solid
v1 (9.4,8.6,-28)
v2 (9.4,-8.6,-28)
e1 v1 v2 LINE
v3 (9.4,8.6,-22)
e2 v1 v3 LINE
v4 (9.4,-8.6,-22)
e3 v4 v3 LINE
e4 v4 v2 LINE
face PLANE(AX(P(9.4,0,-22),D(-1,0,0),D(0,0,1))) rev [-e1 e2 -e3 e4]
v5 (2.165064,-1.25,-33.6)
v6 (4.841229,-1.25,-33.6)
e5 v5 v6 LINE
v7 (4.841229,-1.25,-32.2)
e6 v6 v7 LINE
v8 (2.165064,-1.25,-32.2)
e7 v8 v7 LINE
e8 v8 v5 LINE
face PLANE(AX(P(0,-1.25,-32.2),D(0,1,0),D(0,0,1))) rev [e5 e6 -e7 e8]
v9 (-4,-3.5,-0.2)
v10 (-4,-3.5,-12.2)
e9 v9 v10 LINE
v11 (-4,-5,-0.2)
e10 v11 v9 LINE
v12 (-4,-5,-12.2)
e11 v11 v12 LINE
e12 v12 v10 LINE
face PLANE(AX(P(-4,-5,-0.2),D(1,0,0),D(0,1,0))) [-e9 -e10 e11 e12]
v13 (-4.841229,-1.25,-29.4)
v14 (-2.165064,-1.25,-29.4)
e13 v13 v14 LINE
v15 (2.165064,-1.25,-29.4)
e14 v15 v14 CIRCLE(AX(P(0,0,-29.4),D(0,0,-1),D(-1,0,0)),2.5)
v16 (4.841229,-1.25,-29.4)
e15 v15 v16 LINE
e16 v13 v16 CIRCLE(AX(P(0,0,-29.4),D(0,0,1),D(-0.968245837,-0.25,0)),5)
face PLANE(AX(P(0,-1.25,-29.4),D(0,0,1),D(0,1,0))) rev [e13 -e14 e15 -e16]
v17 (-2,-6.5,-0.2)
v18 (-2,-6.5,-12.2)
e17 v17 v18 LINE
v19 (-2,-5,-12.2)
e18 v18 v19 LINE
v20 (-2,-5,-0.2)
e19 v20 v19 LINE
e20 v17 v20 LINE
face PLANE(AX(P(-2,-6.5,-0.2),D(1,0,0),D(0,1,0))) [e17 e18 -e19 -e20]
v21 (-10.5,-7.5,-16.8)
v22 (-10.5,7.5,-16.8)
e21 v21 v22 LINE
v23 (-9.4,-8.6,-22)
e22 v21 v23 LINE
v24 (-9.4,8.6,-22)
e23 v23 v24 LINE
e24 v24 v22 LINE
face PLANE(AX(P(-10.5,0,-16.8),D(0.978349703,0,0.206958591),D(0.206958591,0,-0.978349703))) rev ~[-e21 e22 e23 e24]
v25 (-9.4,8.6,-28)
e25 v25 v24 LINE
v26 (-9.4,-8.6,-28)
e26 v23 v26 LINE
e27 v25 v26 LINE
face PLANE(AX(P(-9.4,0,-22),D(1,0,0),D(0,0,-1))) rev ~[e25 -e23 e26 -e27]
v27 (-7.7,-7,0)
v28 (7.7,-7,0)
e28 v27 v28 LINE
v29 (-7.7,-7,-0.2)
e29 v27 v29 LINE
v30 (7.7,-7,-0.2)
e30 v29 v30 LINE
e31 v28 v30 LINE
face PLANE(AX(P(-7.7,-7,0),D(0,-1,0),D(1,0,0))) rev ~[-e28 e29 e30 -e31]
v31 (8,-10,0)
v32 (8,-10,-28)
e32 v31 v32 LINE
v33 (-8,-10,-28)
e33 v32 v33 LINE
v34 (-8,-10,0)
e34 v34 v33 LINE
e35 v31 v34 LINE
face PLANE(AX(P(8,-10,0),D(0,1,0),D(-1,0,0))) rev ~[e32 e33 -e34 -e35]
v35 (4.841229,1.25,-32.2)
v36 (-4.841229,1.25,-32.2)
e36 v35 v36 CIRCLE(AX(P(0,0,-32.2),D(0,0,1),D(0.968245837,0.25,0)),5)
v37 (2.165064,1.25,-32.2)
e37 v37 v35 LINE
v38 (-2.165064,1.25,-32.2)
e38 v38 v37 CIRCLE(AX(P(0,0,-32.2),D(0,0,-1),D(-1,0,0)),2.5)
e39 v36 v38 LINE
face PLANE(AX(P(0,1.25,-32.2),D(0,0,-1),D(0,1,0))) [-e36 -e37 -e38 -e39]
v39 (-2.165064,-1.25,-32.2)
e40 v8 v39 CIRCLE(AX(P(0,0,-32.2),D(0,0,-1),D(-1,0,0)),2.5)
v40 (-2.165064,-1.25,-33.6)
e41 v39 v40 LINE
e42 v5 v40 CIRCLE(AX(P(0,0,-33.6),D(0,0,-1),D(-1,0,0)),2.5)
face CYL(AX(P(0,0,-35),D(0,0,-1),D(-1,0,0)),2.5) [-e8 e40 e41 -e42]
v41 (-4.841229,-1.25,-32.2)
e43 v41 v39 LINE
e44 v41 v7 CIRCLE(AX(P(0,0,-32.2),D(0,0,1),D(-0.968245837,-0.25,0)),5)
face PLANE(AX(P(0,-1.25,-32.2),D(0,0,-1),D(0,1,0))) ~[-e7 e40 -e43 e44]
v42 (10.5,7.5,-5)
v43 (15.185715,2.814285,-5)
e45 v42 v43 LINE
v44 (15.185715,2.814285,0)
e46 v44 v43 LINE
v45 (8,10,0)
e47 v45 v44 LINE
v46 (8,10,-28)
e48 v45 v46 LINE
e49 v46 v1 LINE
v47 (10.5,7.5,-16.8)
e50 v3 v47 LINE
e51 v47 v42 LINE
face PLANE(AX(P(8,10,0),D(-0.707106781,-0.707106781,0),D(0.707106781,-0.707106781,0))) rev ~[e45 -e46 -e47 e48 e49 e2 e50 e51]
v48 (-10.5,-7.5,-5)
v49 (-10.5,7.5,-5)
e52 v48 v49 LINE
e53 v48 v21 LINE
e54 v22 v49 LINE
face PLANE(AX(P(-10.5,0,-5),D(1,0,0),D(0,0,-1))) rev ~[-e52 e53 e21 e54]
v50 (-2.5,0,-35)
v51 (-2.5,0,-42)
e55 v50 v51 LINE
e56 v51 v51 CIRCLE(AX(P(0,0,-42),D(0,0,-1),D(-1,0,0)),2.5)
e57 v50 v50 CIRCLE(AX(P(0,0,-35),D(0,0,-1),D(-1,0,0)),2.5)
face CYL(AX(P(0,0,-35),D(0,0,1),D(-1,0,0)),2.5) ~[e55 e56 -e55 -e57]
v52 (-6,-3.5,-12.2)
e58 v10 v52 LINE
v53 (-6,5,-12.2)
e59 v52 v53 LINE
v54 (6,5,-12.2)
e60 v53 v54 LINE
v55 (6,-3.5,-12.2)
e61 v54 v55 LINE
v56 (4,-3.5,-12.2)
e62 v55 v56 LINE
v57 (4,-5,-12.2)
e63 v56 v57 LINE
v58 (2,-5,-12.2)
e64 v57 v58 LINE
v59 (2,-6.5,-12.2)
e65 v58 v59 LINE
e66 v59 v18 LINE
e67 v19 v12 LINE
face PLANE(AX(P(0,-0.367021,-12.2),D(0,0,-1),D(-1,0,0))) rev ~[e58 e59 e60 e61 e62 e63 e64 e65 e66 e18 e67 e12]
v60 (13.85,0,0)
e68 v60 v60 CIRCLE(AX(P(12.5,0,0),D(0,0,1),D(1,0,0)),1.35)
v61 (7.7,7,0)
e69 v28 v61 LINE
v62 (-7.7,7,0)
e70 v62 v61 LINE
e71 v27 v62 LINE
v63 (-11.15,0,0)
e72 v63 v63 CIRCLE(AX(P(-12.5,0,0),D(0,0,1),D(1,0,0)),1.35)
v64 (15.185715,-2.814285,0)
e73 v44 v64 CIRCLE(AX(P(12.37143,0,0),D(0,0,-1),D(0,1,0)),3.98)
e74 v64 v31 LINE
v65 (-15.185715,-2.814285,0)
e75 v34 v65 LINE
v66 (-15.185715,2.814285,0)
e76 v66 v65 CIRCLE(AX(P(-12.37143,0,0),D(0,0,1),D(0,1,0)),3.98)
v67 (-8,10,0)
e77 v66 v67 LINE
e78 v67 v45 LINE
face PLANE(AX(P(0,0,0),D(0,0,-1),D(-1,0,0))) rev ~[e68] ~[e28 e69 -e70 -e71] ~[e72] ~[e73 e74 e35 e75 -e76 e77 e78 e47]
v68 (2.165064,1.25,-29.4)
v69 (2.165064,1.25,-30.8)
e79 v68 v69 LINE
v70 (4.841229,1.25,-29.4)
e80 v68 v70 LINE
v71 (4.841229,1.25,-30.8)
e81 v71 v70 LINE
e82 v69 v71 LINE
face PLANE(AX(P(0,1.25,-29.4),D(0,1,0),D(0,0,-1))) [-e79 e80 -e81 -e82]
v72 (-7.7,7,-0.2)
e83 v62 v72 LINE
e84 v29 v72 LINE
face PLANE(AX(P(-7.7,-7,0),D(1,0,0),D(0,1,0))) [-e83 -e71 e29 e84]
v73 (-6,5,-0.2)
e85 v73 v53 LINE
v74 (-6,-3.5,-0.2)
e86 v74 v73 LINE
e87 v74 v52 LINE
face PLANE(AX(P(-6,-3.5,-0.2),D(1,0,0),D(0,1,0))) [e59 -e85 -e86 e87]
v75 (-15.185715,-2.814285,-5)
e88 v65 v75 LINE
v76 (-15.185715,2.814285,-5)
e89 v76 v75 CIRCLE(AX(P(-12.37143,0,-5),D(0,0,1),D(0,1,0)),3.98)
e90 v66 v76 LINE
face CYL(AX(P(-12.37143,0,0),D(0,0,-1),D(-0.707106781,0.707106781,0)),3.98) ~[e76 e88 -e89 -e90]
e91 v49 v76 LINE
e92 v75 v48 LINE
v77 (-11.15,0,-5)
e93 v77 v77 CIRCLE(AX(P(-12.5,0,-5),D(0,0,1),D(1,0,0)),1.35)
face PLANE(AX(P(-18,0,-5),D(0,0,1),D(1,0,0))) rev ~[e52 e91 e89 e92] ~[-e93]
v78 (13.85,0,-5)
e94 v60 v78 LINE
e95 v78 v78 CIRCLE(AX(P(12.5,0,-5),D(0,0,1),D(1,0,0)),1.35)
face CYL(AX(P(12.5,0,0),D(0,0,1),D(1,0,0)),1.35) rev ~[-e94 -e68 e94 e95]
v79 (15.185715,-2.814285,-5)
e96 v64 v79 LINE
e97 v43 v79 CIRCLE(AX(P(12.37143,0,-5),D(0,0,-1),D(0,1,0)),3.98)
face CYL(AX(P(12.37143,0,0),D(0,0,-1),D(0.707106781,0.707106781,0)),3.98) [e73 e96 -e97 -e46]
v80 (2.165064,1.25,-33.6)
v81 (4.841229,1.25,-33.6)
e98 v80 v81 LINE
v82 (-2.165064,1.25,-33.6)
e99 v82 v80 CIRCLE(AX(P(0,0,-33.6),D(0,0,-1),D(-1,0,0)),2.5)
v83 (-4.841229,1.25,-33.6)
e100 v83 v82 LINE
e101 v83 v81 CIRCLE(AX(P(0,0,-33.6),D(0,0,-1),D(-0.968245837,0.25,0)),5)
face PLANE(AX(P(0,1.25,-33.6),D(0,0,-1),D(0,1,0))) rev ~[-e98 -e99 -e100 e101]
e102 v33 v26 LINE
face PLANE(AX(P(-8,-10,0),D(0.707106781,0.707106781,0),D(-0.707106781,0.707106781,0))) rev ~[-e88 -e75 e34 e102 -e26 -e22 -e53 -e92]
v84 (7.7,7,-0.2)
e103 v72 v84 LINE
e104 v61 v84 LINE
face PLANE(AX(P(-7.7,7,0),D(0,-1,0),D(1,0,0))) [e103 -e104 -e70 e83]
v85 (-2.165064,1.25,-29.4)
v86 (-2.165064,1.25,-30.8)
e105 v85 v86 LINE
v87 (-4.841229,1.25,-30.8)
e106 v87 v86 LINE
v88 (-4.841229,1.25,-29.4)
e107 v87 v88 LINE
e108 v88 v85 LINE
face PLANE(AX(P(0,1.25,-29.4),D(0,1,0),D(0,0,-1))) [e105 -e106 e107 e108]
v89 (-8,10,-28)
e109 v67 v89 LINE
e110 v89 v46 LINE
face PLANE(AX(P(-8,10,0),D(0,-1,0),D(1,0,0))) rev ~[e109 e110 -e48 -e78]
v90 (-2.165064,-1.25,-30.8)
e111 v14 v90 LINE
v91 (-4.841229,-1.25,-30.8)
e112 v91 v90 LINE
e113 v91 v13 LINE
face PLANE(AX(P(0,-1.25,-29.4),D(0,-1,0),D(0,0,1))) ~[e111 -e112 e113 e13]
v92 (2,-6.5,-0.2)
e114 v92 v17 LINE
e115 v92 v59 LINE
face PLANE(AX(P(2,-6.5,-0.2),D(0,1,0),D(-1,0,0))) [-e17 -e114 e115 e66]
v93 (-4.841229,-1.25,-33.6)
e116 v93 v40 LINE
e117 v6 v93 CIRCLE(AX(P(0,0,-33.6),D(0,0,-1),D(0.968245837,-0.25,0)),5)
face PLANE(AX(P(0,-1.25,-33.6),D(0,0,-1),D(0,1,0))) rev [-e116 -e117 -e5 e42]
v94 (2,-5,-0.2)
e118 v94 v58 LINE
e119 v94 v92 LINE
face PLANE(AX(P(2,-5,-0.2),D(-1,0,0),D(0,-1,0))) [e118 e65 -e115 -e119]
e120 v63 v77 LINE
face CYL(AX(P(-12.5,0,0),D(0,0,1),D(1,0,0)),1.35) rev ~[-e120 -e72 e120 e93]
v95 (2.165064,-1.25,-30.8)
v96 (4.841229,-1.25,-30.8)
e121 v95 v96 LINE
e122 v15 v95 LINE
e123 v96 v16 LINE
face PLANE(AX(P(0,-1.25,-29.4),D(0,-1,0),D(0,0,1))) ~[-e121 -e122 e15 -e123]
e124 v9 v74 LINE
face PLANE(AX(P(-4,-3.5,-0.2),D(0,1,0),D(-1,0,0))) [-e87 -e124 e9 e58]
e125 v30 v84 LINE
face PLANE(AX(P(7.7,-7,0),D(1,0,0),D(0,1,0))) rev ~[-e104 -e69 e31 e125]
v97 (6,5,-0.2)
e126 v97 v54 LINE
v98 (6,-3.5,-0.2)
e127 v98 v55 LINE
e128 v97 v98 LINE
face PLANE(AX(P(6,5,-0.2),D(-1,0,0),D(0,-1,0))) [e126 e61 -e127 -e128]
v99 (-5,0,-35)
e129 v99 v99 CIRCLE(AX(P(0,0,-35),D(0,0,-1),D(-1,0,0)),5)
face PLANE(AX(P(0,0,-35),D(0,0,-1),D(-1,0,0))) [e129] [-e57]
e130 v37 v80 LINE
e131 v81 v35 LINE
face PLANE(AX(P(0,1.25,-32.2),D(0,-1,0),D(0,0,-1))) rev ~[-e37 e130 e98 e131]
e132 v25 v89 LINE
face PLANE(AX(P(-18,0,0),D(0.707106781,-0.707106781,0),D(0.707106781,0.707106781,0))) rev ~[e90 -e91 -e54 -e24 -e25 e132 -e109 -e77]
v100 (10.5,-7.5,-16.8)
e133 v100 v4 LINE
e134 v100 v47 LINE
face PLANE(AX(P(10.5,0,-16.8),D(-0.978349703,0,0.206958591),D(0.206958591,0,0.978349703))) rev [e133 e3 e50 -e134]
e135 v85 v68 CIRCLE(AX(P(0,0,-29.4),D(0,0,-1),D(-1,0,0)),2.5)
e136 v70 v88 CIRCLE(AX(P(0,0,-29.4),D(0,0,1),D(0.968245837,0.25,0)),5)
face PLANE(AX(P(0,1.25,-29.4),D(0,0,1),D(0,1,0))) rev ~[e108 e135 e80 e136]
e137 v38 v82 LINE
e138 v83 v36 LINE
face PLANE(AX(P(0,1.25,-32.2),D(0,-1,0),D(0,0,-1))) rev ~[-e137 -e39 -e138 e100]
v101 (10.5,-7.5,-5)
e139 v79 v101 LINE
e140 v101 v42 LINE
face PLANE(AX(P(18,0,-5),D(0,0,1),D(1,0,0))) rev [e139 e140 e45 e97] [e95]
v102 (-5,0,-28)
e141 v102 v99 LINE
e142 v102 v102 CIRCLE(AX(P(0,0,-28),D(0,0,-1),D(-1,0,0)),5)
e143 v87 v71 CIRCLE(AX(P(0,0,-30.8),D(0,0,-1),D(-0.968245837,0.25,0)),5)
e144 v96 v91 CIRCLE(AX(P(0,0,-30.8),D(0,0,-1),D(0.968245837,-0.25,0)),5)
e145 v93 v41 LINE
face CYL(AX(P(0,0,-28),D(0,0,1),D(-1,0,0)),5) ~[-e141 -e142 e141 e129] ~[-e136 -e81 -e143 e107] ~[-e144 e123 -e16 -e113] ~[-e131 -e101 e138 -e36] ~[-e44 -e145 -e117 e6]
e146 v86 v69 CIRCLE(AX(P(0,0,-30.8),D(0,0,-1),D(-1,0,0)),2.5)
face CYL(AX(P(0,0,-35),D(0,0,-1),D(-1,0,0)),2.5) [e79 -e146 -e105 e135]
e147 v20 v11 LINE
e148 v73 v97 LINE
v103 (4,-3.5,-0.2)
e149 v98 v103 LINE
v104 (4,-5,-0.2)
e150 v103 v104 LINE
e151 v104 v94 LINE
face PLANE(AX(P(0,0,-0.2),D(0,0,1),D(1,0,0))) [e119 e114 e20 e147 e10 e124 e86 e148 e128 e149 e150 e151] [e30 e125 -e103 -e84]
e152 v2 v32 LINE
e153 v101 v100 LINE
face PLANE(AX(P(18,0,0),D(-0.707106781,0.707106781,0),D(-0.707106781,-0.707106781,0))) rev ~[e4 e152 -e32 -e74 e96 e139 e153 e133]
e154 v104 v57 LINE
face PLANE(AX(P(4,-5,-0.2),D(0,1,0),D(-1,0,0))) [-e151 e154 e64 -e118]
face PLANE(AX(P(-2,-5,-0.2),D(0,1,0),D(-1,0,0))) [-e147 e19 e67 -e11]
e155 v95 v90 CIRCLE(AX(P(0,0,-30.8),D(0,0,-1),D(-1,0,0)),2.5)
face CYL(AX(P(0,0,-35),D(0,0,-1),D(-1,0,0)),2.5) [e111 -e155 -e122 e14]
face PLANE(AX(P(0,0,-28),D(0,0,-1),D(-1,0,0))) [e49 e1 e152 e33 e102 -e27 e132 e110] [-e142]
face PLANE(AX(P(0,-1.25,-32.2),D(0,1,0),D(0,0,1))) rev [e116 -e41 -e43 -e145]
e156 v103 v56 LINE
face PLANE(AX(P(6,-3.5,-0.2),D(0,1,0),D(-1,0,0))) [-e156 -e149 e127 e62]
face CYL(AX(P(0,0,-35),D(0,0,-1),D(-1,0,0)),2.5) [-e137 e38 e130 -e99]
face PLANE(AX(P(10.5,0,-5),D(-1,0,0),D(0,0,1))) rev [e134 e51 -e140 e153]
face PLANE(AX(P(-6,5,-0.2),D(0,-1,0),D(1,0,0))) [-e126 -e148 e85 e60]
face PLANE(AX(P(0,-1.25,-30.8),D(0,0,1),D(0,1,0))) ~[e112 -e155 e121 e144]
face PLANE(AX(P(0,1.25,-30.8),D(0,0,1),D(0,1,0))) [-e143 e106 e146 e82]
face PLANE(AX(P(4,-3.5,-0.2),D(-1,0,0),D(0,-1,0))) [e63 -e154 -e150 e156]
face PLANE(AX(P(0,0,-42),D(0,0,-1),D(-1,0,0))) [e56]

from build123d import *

# Parameters (mm, degrees)
BOSS_EXTRUDE1_DEPTH      = 28
CUT_EXTRUDE1_DEPTH       = 11
CUT_EXTRUDE2_REACH       = 30
SKETCH3_R                = 1.35
FILLET1_R                = 3.98
SKETCH4_R                = 5
BOSS_EXTRUDE2_DEPTH      = 7
SKETCH6_W                = 1.4
SKETCH6_H                = 3.75
CUT_EXTRUDE3_DEPTH       = 17.351430022
SKETCH5_R                = 2.5
BOSS_EXTRUDE3_DEPTH      = 7
BOSS_EXTRUDE3_DEPTH_BACK = 7
SKETCH7_W                = 15.4
SKETCH7_H                = 14
CUT_EXTRUDE4_DEPTH       = 0.2
CUT_EXTRUDE5_DEPTH       = 12


with BuildPart() as part:
    # Sketch1 → Boss-Extrude1 (new body)
    with BuildSketch(Plane.XY):
        Polygon((8, 10), (18, 0), (8, -10), (-8, -10), (-18, 0), (-8, 10), align=None)
    extrude(amount=-BOSS_EXTRUDE1_DEPTH)

    # Sketch2 → Cut-Extrude1 (cut, symmetric)
    with BuildSketch(Plane(origin=(0, 0, 0), x_dir=(1, 0, 0), z_dir=(0, 1, 0))):
        Polygon((-18, 5), (-10.5, 5), (-10.5, 16.8), (-9.4, 22), (-9.4, 28), (-18, 28), align=None)
    cut_extrude1 = extrude(amount=CUT_EXTRUDE1_DEPTH, both=True, mode=Mode.SUBTRACT)

    # Mirror1: Cut-Extrude1 across plane
    add(cut_extrude1.mirror(Plane(origin=(0, 0, 0), x_dir=(0, 0, 1), z_dir=(1, 0, 0))), mode=Mode.SUBTRACT)

    # Sketch3 → Cut-Extrude2 (cut, up to next)
    with BuildSketch(Plane.XY, mode=Mode.PRIVATE) as cut_extrude2_sk1:
        with Locations((-12.5, 0)):
            Circle(SKETCH3_R)
    cut_extrude2_tool1 = extrude(cut_extrude2_sk1.sketch, amount=-CUT_EXTRUDE2_REACH, mode=Mode.PRIVATE) & part.part
    add(cut_extrude2_tool1.solids().sort_by_distance((-12.5, 0, 0))[0], mode=Mode.SUBTRACT)
    # Sketch3 → Cut-Extrude2 (cut, up to next)
    with BuildSketch(Plane.XY, mode=Mode.PRIVATE) as cut_extrude2_sk2:
        with Locations((12.5, 0)):
            Circle(SKETCH3_R)
    cut_extrude2_tool2 = extrude(cut_extrude2_sk2.sketch, amount=-CUT_EXTRUDE2_REACH, mode=Mode.PRIVATE) & part.part
    add(cut_extrude2_tool2.solids().sort_by_distance((12.5, 0, 0))[0], mode=Mode.SUBTRACT)

    # Fillet1
    fillet1_edges = [part.edges().sort_by_distance(p)[0] for p in [
        (-18, 0, -2.5),
        (18, 0, -2.5),
    ]]
    fillet(fillet1_edges, radius=FILLET1_R)

    # Sketch4 → Boss-Extrude2 (add)
    with BuildSketch(Plane(origin=(0, 0, -28), x_dir=(-1, 0, 0), z_dir=(0, 0, -1))):
        Circle(SKETCH4_R)
    extrude(amount=BOSS_EXTRUDE2_DEPTH)

    # Sketch6 → Cut-Extrude3 (cut, symmetric)
    with BuildSketch(Plane(origin=(0, 0, 0), x_dir=(0, 0, -1), z_dir=(1, 0, 0))):
        with Locations((30.1, 3.125)):
            Rectangle(SKETCH6_W, SKETCH6_H)
        with Locations((32.9, 3.125)):
            Rectangle(SKETCH6_W, SKETCH6_H)
    cut_extrude3 = extrude(amount=CUT_EXTRUDE3_DEPTH, both=True, mode=Mode.SUBTRACT)

    # Mirror2: Cut-Extrude3 across plane
    add(cut_extrude3.mirror(Plane.ZX), mode=Mode.SUBTRACT)

    # Sketch5 → Boss-Extrude3 (add, two sides)
    with BuildSketch(Plane(origin=(0, 0, -35), x_dir=(-1, 0, 0), z_dir=(0, 0, -1))) as boss_extrude3_sk:
        Circle(SKETCH5_R)
    extrude(amount=BOSS_EXTRUDE3_DEPTH)
    extrude(boss_extrude3_sk.sketch, amount=-BOSS_EXTRUDE3_DEPTH_BACK)

    # Sketch7 → Cut-Extrude4 (cut)
    with BuildSketch(Plane.XY):
        Rectangle(SKETCH7_W, SKETCH7_H)
    extrude(amount=-CUT_EXTRUDE4_DEPTH, mode=Mode.SUBTRACT)

    # Sketch8 → Cut-Extrude5 (cut)
    with BuildSketch(Plane.XY.offset(-0.2)):
        Polygon((-6, 5), (6, 5), (6, -3.5), (4, -3.5), (4, -5), (2, -5), (2, -6.5), (-2, -6.5), (-2, -5), (-4, -5), (-4, -3.5), (-6, -3.5), align=None)
    extrude(amount=-CUT_EXTRUDE5_DEPTH, mode=Mode.SUBTRACT)


solid = part.part
